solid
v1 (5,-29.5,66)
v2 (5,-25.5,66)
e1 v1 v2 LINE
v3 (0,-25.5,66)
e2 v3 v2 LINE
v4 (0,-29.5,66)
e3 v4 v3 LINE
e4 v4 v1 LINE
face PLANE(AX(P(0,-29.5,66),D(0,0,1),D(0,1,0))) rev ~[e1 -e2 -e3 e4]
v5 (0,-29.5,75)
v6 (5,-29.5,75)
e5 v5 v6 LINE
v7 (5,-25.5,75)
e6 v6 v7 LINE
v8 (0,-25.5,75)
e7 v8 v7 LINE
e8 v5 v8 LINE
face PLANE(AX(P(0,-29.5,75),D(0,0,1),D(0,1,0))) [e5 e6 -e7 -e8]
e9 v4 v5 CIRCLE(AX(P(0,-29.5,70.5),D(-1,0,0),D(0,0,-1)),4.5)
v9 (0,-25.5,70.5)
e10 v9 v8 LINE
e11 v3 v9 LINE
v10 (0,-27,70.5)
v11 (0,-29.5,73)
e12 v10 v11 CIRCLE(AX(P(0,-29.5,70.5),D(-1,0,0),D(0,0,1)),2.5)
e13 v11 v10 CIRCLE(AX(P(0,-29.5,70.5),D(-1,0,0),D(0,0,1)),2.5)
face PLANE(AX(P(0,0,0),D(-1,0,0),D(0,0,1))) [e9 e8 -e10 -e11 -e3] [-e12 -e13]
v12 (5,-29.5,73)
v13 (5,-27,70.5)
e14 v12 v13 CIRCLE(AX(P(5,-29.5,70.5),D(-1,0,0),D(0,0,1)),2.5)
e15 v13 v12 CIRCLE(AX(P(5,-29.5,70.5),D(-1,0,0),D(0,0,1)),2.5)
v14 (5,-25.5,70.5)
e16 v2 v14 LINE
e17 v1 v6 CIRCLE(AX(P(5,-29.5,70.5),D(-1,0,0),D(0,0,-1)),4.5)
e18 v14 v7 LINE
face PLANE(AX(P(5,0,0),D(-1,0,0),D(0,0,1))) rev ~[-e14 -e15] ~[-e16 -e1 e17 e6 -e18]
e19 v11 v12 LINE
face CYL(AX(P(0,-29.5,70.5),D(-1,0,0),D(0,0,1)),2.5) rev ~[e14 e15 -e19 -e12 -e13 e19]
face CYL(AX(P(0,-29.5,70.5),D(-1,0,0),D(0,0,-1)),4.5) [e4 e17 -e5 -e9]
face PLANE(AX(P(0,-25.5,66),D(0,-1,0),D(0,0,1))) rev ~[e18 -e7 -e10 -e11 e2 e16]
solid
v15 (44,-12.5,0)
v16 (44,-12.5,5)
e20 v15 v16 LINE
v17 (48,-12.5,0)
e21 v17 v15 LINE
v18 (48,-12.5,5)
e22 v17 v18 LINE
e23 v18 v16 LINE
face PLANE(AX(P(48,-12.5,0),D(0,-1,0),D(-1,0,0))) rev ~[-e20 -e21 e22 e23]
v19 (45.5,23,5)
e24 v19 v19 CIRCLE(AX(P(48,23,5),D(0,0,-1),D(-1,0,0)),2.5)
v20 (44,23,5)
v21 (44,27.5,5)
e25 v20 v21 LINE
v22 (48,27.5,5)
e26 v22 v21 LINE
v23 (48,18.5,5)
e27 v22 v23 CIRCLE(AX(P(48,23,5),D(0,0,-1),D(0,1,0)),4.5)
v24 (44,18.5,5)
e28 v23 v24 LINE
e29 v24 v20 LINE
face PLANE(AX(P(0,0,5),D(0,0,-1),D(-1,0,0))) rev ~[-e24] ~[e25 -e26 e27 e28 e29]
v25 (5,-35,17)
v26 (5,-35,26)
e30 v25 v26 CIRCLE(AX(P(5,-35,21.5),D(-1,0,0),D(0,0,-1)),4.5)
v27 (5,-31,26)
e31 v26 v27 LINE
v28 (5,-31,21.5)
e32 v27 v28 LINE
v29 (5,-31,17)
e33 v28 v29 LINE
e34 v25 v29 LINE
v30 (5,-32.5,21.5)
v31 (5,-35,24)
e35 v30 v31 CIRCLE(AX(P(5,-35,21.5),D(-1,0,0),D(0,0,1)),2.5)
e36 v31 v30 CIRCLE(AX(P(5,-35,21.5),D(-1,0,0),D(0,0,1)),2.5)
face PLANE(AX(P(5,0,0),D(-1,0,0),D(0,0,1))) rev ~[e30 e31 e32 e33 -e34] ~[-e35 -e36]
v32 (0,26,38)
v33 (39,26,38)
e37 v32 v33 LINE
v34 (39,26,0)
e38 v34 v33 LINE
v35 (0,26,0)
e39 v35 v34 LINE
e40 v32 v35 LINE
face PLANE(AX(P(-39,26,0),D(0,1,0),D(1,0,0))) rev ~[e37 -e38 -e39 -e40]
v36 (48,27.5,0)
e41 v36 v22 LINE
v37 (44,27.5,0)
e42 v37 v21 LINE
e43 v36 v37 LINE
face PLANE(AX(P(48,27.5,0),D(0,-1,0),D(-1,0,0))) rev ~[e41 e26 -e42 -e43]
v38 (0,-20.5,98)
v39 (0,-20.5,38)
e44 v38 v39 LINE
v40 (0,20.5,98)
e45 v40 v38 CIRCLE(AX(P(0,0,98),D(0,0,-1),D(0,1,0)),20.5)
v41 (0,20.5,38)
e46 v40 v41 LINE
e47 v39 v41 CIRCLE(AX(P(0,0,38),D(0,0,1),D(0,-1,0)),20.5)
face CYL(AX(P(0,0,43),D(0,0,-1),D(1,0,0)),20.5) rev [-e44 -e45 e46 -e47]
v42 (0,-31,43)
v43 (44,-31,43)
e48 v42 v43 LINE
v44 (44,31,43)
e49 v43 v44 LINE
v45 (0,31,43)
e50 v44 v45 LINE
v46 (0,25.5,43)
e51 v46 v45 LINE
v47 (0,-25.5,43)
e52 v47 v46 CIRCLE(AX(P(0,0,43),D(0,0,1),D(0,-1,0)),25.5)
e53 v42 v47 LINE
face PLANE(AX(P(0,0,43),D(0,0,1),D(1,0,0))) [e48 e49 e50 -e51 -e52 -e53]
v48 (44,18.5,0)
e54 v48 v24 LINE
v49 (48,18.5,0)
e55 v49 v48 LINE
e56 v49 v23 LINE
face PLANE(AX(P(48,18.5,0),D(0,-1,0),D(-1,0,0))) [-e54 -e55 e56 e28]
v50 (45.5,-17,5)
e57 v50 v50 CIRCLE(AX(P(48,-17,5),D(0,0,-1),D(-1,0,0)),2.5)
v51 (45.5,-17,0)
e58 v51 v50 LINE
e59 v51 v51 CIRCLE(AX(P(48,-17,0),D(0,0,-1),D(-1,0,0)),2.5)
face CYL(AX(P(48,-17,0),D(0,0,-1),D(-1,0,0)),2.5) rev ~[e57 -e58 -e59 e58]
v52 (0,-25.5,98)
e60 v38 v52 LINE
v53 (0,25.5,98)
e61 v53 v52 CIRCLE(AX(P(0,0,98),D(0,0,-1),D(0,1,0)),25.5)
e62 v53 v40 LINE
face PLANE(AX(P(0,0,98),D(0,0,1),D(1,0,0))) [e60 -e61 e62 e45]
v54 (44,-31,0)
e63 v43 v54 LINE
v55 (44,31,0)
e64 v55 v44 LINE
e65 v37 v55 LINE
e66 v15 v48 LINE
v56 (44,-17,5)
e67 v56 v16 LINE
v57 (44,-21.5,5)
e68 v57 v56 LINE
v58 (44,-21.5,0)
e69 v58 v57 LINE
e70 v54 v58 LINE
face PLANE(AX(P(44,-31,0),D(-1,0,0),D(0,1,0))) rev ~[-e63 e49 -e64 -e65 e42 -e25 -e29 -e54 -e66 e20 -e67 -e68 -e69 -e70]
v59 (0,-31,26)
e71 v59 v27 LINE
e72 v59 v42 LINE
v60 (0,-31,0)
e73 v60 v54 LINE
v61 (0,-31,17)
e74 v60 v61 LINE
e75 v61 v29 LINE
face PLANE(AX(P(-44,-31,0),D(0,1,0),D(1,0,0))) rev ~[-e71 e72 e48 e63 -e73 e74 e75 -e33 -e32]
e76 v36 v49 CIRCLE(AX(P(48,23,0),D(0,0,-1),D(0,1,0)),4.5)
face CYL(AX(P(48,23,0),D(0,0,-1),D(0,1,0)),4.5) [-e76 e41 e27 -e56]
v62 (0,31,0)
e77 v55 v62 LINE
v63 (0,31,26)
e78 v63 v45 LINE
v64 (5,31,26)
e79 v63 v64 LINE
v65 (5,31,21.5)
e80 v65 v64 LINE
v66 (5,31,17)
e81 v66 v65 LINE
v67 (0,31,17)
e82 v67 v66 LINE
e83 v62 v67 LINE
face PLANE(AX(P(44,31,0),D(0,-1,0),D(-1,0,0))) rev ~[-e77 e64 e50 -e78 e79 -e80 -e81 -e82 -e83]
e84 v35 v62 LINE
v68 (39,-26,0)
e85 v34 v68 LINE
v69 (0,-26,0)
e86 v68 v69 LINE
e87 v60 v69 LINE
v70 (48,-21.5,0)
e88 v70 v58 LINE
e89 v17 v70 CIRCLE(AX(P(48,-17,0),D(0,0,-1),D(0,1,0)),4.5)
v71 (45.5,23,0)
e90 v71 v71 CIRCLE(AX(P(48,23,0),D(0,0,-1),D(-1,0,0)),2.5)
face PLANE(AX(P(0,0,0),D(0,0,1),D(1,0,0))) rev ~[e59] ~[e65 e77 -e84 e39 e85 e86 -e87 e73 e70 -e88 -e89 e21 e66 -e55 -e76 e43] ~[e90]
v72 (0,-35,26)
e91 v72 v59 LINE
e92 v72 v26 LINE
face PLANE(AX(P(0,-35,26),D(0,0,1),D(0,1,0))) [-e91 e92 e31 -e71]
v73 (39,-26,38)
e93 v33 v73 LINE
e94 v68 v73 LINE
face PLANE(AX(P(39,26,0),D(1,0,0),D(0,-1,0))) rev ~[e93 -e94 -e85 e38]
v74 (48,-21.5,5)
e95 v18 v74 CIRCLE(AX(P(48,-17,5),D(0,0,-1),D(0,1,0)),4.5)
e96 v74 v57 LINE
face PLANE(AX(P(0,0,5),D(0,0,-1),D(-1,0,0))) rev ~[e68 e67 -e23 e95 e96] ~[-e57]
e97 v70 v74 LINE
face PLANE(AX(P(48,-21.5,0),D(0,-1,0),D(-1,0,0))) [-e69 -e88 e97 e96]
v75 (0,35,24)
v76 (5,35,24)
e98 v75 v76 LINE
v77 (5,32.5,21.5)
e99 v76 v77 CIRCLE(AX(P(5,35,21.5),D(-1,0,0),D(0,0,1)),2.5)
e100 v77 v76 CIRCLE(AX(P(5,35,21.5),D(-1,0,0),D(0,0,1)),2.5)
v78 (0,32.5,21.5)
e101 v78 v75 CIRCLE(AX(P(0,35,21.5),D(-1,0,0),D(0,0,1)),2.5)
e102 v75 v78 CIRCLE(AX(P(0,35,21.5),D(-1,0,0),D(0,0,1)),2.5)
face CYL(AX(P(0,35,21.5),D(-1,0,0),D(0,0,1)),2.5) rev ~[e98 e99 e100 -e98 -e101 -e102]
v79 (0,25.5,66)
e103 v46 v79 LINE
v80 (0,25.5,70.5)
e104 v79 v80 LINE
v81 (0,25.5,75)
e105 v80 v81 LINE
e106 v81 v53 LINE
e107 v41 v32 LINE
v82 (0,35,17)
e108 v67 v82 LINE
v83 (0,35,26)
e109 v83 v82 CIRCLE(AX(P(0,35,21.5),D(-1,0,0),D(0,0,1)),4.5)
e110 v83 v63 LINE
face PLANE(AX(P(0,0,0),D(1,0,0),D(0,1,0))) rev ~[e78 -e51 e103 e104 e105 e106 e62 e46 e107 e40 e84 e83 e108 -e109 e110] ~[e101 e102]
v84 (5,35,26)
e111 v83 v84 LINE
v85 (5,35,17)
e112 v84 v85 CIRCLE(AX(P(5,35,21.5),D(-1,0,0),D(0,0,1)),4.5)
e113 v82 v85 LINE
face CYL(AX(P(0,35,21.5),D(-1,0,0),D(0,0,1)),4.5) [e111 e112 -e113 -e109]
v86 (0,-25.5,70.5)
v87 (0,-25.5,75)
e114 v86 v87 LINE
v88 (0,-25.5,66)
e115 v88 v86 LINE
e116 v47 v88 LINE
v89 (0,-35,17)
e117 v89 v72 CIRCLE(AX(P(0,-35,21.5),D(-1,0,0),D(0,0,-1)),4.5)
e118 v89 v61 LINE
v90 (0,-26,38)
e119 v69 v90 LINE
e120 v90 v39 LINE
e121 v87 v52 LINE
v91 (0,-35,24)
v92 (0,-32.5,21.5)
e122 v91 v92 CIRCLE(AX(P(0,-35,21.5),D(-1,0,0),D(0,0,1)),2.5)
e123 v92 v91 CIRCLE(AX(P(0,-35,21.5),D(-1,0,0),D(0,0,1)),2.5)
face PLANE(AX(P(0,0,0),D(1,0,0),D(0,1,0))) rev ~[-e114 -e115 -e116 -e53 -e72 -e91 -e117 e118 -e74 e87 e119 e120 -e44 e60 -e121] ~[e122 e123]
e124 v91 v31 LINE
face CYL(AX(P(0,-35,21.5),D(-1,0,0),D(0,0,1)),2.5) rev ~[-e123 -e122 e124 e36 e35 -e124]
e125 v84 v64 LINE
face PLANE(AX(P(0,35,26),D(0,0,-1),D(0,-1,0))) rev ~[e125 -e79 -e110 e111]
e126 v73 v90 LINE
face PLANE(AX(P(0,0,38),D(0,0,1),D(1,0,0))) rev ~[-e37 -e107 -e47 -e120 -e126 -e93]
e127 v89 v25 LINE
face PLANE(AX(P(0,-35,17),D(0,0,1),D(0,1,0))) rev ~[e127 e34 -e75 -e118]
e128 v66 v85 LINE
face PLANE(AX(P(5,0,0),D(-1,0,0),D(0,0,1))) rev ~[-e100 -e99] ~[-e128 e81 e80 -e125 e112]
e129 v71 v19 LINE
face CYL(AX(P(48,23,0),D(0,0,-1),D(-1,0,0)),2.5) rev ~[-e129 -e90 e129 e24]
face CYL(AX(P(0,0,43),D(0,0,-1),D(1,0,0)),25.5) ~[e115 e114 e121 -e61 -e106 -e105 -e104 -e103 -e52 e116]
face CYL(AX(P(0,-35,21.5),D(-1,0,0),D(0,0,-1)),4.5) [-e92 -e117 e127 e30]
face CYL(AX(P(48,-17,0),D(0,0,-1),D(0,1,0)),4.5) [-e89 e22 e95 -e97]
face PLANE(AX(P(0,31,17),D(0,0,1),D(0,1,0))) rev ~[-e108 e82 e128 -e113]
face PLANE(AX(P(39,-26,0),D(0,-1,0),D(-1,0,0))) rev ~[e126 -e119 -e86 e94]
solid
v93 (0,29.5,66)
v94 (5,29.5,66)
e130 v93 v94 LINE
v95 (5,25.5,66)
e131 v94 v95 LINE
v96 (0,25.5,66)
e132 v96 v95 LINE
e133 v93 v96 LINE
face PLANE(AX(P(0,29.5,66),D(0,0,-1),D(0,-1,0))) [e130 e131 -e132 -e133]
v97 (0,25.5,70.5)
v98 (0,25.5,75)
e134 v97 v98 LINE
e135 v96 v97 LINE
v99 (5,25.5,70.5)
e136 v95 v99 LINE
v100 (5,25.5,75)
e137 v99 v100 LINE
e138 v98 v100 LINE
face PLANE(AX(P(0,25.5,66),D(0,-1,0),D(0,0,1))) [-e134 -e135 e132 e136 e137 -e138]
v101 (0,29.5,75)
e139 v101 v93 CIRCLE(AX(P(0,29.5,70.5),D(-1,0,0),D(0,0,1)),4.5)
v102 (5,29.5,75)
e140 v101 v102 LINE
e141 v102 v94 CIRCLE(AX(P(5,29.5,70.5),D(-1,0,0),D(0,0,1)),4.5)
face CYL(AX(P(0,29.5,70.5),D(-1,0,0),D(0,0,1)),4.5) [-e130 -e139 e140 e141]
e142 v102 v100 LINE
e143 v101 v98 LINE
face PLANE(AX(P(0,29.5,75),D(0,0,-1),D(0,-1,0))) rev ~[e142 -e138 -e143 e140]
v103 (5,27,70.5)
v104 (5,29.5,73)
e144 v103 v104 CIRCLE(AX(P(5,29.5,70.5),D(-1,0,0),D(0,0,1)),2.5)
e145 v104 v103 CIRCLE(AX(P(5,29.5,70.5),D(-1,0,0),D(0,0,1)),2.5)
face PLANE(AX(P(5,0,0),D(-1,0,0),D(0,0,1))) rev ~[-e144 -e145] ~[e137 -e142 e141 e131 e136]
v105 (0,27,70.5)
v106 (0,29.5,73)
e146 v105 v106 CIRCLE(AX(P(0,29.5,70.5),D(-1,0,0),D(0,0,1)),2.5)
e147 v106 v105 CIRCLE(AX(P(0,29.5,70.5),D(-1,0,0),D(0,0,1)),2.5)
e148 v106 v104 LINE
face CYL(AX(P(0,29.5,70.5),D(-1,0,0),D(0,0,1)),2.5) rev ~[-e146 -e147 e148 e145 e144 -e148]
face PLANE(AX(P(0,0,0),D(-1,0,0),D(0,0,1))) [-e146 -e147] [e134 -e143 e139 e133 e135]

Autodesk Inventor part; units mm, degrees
ref_plane "YZ Plane" through (0, 0, 0) normal (1, 0, 0) x (0, 1, 0)
ref_plane "XZ Plane" through (0, 0, 0) normal (0, 1, 0) x (-1, 0, 0)
ref_plane "XY Plane" through (0, 0, 0) normal (0, 0, 1) x (1, 0, 0)
sketch "Sketch1" plane through (0, 0, 0) normal (0, 0, 1) x (1, 0, 0)
  line L0 (39, -26) -> (-39, -26)
  line L1 (-39, -26) -> (-39, 26)
  line L2 (-39, 26) -> (39, 26)
  line L3 (39, 26) -> (39, -26)
  line L4 (39, -26) -> (-39, 26) construction
  line L5 (-39, -26) -> (39, 26) construction
  line L6 (44, 31) -> (-44, 31)
  line L7 (-44, 31) -> (-44, -31)
  line L8 (-44, -31) -> (44, -31)
  line L9 (44, -31) -> (44, 31)
  point P0 (0, 0)
  dimension "d0" = 78
  dimension "d1" = 52
  dimension "d2" = 5
extrude "Extrusion1" add sketch "Sketch1" along normal blind 43
sketch "Sketch2" plane through (0, 0, 43) normal (0, 0, 1) x (1, 0, 0)
  line L0 (-44, 31) -> (-44, -31) projected
  line L1 (-44, -31) -> (44, -31) projected
  line L2 (44, -31) -> (44, 31) projected
  line L3 (44, 31) -> (-44, 31) projected
  line L4 (39, -26) -> (-39, -26) projected
  line L5 (-39, -26) -> (-39, 26) projected
  line L6 (-39, 26) -> (39, 26) projected
  line L7 (39, 26) -> (39, -26) projected
  point P0 (0, 0)
extrude "Extrusion2" add sketch "Sketch2" against normal blind 5 contours L3 L2 L1 L0 | L4 L5 L6 L7
sketch "Sketch3" plane through (0, 0, 43) normal (0, 0, 1) x (1, 0, 0)
  circle A0 centre (0, 0) radius 20.5
  dimension "d7" = 41
extrude "Extrusion3" cut sketch "Sketch3" against normal blind 5
sketch "Sketch4" plane through (0, 0, 43) normal (0, 0, 1) x (1, 0, 0)
  circle A0 centre (0, 0) radius 20.5 projected
  circle A1 centre (0, 0) radius 25.5
  dimension "d10" = 5
extrude "Extrusion4" add sketch "Sketch4" along normal blind 55
sketch "Sketch5" plane through (0, 0, 0) normal (1, 0, 0) x (0, 1, 0)
  line L0 (25.5, 43) -> (25.5, 98) projected
  line L1 (31, 0) -> (31, 43) projected
  line L2 (-31, 43) -> (31, 43) projected
  line L3 (-31, 0) -> (31, 0) projected
  line L4 (-31, 0) -> (-31, 43) projected
  line L5 (-25.5, 43) -> (-25.5, 98) projected
  line L6 (25.5, 98) -> (-25.5, 98) projected
  point P0 (0, 0)
extrude "Extrusion5" cut sketch "Sketch5" against normal blind 55
sketch "Sketch7" plane through (0, 0, 0) normal (-1, 0, 0) x (0, 0, 1)
  line L0 (0, 31) -> (43, 31) projected
  line L1 (43, 25.5) -> (98, 25.5) projected
  line L2 (70.5, 25.5) -> (70.5, 29.5)
  line L3 (21.5, 31) -> (21.5, 35)
  circle A0 centre (21.5, 35) radius 2.5
  circle A1 centre (70.5, 29.5) radius 2.5
  arc A2 (26, 35) -> (17, 35) centre (21.5, 35) ccw
  arc A3 (75, 29.5) -> (66, 29.5) centre (70.5, 29.5) ccw
  line L4 (17, 31) -> (0, 31)
  line L5 (26.9083, 31) -> (43, 31)
  line L6 (65.0917, 25.5) -> (43, 25.5)
  line L7 (75.9083, 25.5) -> (98, 25.5)
  line L8 (43, -31) -> (0, -31) projected
  line L9 (21.5, -31) -> (21.5, -35)
  line L10 (38, 26) -> (0, 26) projected
  line L11 (43, -25.5) -> (98, -25.5) projected
  line L12 (70.5, -25.5) -> (70.5, -29.5)
  circle A4 centre (70.5, -29.5) radius 2.5
  circle A5 centre (21.5, -35) radius 2.5
  arc A6 (17, -35) -> (26, -35) centre (21.5, -35) ccw
  arc A7 (66, -29.5) -> (75, -29.5) centre (70.5, -29.5) ccw
  line L13 (16.0917, -31) -> (0, -31)
  line L14 (26.9083, -31) -> (43, -31)
  line L15 (65.0917, -25.5) -> (43, -25.5)
  line L16 (75, -25.5) -> (98, -25.5)
  line L17 (17, 31) -> (17, 35)
  line L18 (26, 35) -> (26, 31)
  line L19 (66, 29.5) -> (66, 25.5)
  line L20 (75, 29.5) -> (75, 25.5)
  line L21 (17, -35) -> (17, -31)
  line L22 (26, -35) -> (26, -31)
  line L23 (66, -29.5) -> (66, -25.5)
  line L24 (75, -29.5) -> (75, -25.5)
  point P0 (0, 0)
  point P1 (19.4384, 31)
  point P2 (23.5616, 31)
  point P3 (68.4384, 25.5)
  point P4 (72.5616, 25.5)
  point P5 (23.5616, -31)
  point P6 (19.4384, -31)
  point P7 (72.5616, -25.5)
  point P8 (68.4384, -25.5)
  dimension "d40" = 4
  dimension "d41" = 4
  dimension "d42" = 5
  dimension "d43" = 5
  dimension "d44" = 2
  dimension "d45" = 2
  dimension "d47" = 4
  dimension "d48" = 4
  dimension "d49" = 5
  dimension "d50" = 5
  dimension "d51" = 2
  dimension "d52" = 2
extrude "Extrusion7" add sketch "Sketch7" against normal blind 5
sketch "Sketch8" plane through (0, 0, 0) normal (0, 0, -1) x (-1, 0, 0)
  line L0 (-44, 23) -> (-48, 23)
  line L1 (-44, 23) -> (-40, 23) construction
  line L2 (-44, -17) -> (-48, -17)
  line L3 (-44, 31) -> (0, 31) projected
  circle A0 centre (-48, 23) radius 2.5
  circle A1 centre (-48, -17) radius 2.5
  line L4 (-44, 28.4083) -> (-44, 31)
  line L5 (-44, -31) -> (-44, 31) projected
  arc A2 (-48, 27.5) -> (-48, 18.5) centre (-48, 23) ccw
  arc A3 (-48, -12.5) -> (-48, -21.5) centre (-48, -17) ccw
  line L6 (-44, -31) -> (-44, -23.1847)
  line L7 (-44, -10.8153) -> (-44, 16.8153)
  line L8 (-44, 29.1847) -> (-44, 31)
  line L9 (-48, 27.5) -> (-44, 27.5)
  line L10 (-48, 18.5) -> (-44, 18.5)
  line L11 (-48, -12.5) -> (-44, -12.5)
  line L12 (-48, -21.5) -> (-44, -21.5)
  point P0 (0, 0)
  point P1 (-44, 20.9384)
  point P2 (-44, 25.0616)
  point P3 (-44, -19.0616)
  point P4 (-44, -14.9384)
  dimension "d56" = 4
  dimension "d57" = 180
  dimension "d58" = 40
  dimension "d59" = 8
  dimension "d60" = 5
  dimension "d61" = 5
  dimension "d65" = 4
  dimension "d68" = 2
  dimension "d69" = 2
extrude "Extrusion8" add sketch "Sketch8" against normal blind 5
properties part number "soporte p4"
